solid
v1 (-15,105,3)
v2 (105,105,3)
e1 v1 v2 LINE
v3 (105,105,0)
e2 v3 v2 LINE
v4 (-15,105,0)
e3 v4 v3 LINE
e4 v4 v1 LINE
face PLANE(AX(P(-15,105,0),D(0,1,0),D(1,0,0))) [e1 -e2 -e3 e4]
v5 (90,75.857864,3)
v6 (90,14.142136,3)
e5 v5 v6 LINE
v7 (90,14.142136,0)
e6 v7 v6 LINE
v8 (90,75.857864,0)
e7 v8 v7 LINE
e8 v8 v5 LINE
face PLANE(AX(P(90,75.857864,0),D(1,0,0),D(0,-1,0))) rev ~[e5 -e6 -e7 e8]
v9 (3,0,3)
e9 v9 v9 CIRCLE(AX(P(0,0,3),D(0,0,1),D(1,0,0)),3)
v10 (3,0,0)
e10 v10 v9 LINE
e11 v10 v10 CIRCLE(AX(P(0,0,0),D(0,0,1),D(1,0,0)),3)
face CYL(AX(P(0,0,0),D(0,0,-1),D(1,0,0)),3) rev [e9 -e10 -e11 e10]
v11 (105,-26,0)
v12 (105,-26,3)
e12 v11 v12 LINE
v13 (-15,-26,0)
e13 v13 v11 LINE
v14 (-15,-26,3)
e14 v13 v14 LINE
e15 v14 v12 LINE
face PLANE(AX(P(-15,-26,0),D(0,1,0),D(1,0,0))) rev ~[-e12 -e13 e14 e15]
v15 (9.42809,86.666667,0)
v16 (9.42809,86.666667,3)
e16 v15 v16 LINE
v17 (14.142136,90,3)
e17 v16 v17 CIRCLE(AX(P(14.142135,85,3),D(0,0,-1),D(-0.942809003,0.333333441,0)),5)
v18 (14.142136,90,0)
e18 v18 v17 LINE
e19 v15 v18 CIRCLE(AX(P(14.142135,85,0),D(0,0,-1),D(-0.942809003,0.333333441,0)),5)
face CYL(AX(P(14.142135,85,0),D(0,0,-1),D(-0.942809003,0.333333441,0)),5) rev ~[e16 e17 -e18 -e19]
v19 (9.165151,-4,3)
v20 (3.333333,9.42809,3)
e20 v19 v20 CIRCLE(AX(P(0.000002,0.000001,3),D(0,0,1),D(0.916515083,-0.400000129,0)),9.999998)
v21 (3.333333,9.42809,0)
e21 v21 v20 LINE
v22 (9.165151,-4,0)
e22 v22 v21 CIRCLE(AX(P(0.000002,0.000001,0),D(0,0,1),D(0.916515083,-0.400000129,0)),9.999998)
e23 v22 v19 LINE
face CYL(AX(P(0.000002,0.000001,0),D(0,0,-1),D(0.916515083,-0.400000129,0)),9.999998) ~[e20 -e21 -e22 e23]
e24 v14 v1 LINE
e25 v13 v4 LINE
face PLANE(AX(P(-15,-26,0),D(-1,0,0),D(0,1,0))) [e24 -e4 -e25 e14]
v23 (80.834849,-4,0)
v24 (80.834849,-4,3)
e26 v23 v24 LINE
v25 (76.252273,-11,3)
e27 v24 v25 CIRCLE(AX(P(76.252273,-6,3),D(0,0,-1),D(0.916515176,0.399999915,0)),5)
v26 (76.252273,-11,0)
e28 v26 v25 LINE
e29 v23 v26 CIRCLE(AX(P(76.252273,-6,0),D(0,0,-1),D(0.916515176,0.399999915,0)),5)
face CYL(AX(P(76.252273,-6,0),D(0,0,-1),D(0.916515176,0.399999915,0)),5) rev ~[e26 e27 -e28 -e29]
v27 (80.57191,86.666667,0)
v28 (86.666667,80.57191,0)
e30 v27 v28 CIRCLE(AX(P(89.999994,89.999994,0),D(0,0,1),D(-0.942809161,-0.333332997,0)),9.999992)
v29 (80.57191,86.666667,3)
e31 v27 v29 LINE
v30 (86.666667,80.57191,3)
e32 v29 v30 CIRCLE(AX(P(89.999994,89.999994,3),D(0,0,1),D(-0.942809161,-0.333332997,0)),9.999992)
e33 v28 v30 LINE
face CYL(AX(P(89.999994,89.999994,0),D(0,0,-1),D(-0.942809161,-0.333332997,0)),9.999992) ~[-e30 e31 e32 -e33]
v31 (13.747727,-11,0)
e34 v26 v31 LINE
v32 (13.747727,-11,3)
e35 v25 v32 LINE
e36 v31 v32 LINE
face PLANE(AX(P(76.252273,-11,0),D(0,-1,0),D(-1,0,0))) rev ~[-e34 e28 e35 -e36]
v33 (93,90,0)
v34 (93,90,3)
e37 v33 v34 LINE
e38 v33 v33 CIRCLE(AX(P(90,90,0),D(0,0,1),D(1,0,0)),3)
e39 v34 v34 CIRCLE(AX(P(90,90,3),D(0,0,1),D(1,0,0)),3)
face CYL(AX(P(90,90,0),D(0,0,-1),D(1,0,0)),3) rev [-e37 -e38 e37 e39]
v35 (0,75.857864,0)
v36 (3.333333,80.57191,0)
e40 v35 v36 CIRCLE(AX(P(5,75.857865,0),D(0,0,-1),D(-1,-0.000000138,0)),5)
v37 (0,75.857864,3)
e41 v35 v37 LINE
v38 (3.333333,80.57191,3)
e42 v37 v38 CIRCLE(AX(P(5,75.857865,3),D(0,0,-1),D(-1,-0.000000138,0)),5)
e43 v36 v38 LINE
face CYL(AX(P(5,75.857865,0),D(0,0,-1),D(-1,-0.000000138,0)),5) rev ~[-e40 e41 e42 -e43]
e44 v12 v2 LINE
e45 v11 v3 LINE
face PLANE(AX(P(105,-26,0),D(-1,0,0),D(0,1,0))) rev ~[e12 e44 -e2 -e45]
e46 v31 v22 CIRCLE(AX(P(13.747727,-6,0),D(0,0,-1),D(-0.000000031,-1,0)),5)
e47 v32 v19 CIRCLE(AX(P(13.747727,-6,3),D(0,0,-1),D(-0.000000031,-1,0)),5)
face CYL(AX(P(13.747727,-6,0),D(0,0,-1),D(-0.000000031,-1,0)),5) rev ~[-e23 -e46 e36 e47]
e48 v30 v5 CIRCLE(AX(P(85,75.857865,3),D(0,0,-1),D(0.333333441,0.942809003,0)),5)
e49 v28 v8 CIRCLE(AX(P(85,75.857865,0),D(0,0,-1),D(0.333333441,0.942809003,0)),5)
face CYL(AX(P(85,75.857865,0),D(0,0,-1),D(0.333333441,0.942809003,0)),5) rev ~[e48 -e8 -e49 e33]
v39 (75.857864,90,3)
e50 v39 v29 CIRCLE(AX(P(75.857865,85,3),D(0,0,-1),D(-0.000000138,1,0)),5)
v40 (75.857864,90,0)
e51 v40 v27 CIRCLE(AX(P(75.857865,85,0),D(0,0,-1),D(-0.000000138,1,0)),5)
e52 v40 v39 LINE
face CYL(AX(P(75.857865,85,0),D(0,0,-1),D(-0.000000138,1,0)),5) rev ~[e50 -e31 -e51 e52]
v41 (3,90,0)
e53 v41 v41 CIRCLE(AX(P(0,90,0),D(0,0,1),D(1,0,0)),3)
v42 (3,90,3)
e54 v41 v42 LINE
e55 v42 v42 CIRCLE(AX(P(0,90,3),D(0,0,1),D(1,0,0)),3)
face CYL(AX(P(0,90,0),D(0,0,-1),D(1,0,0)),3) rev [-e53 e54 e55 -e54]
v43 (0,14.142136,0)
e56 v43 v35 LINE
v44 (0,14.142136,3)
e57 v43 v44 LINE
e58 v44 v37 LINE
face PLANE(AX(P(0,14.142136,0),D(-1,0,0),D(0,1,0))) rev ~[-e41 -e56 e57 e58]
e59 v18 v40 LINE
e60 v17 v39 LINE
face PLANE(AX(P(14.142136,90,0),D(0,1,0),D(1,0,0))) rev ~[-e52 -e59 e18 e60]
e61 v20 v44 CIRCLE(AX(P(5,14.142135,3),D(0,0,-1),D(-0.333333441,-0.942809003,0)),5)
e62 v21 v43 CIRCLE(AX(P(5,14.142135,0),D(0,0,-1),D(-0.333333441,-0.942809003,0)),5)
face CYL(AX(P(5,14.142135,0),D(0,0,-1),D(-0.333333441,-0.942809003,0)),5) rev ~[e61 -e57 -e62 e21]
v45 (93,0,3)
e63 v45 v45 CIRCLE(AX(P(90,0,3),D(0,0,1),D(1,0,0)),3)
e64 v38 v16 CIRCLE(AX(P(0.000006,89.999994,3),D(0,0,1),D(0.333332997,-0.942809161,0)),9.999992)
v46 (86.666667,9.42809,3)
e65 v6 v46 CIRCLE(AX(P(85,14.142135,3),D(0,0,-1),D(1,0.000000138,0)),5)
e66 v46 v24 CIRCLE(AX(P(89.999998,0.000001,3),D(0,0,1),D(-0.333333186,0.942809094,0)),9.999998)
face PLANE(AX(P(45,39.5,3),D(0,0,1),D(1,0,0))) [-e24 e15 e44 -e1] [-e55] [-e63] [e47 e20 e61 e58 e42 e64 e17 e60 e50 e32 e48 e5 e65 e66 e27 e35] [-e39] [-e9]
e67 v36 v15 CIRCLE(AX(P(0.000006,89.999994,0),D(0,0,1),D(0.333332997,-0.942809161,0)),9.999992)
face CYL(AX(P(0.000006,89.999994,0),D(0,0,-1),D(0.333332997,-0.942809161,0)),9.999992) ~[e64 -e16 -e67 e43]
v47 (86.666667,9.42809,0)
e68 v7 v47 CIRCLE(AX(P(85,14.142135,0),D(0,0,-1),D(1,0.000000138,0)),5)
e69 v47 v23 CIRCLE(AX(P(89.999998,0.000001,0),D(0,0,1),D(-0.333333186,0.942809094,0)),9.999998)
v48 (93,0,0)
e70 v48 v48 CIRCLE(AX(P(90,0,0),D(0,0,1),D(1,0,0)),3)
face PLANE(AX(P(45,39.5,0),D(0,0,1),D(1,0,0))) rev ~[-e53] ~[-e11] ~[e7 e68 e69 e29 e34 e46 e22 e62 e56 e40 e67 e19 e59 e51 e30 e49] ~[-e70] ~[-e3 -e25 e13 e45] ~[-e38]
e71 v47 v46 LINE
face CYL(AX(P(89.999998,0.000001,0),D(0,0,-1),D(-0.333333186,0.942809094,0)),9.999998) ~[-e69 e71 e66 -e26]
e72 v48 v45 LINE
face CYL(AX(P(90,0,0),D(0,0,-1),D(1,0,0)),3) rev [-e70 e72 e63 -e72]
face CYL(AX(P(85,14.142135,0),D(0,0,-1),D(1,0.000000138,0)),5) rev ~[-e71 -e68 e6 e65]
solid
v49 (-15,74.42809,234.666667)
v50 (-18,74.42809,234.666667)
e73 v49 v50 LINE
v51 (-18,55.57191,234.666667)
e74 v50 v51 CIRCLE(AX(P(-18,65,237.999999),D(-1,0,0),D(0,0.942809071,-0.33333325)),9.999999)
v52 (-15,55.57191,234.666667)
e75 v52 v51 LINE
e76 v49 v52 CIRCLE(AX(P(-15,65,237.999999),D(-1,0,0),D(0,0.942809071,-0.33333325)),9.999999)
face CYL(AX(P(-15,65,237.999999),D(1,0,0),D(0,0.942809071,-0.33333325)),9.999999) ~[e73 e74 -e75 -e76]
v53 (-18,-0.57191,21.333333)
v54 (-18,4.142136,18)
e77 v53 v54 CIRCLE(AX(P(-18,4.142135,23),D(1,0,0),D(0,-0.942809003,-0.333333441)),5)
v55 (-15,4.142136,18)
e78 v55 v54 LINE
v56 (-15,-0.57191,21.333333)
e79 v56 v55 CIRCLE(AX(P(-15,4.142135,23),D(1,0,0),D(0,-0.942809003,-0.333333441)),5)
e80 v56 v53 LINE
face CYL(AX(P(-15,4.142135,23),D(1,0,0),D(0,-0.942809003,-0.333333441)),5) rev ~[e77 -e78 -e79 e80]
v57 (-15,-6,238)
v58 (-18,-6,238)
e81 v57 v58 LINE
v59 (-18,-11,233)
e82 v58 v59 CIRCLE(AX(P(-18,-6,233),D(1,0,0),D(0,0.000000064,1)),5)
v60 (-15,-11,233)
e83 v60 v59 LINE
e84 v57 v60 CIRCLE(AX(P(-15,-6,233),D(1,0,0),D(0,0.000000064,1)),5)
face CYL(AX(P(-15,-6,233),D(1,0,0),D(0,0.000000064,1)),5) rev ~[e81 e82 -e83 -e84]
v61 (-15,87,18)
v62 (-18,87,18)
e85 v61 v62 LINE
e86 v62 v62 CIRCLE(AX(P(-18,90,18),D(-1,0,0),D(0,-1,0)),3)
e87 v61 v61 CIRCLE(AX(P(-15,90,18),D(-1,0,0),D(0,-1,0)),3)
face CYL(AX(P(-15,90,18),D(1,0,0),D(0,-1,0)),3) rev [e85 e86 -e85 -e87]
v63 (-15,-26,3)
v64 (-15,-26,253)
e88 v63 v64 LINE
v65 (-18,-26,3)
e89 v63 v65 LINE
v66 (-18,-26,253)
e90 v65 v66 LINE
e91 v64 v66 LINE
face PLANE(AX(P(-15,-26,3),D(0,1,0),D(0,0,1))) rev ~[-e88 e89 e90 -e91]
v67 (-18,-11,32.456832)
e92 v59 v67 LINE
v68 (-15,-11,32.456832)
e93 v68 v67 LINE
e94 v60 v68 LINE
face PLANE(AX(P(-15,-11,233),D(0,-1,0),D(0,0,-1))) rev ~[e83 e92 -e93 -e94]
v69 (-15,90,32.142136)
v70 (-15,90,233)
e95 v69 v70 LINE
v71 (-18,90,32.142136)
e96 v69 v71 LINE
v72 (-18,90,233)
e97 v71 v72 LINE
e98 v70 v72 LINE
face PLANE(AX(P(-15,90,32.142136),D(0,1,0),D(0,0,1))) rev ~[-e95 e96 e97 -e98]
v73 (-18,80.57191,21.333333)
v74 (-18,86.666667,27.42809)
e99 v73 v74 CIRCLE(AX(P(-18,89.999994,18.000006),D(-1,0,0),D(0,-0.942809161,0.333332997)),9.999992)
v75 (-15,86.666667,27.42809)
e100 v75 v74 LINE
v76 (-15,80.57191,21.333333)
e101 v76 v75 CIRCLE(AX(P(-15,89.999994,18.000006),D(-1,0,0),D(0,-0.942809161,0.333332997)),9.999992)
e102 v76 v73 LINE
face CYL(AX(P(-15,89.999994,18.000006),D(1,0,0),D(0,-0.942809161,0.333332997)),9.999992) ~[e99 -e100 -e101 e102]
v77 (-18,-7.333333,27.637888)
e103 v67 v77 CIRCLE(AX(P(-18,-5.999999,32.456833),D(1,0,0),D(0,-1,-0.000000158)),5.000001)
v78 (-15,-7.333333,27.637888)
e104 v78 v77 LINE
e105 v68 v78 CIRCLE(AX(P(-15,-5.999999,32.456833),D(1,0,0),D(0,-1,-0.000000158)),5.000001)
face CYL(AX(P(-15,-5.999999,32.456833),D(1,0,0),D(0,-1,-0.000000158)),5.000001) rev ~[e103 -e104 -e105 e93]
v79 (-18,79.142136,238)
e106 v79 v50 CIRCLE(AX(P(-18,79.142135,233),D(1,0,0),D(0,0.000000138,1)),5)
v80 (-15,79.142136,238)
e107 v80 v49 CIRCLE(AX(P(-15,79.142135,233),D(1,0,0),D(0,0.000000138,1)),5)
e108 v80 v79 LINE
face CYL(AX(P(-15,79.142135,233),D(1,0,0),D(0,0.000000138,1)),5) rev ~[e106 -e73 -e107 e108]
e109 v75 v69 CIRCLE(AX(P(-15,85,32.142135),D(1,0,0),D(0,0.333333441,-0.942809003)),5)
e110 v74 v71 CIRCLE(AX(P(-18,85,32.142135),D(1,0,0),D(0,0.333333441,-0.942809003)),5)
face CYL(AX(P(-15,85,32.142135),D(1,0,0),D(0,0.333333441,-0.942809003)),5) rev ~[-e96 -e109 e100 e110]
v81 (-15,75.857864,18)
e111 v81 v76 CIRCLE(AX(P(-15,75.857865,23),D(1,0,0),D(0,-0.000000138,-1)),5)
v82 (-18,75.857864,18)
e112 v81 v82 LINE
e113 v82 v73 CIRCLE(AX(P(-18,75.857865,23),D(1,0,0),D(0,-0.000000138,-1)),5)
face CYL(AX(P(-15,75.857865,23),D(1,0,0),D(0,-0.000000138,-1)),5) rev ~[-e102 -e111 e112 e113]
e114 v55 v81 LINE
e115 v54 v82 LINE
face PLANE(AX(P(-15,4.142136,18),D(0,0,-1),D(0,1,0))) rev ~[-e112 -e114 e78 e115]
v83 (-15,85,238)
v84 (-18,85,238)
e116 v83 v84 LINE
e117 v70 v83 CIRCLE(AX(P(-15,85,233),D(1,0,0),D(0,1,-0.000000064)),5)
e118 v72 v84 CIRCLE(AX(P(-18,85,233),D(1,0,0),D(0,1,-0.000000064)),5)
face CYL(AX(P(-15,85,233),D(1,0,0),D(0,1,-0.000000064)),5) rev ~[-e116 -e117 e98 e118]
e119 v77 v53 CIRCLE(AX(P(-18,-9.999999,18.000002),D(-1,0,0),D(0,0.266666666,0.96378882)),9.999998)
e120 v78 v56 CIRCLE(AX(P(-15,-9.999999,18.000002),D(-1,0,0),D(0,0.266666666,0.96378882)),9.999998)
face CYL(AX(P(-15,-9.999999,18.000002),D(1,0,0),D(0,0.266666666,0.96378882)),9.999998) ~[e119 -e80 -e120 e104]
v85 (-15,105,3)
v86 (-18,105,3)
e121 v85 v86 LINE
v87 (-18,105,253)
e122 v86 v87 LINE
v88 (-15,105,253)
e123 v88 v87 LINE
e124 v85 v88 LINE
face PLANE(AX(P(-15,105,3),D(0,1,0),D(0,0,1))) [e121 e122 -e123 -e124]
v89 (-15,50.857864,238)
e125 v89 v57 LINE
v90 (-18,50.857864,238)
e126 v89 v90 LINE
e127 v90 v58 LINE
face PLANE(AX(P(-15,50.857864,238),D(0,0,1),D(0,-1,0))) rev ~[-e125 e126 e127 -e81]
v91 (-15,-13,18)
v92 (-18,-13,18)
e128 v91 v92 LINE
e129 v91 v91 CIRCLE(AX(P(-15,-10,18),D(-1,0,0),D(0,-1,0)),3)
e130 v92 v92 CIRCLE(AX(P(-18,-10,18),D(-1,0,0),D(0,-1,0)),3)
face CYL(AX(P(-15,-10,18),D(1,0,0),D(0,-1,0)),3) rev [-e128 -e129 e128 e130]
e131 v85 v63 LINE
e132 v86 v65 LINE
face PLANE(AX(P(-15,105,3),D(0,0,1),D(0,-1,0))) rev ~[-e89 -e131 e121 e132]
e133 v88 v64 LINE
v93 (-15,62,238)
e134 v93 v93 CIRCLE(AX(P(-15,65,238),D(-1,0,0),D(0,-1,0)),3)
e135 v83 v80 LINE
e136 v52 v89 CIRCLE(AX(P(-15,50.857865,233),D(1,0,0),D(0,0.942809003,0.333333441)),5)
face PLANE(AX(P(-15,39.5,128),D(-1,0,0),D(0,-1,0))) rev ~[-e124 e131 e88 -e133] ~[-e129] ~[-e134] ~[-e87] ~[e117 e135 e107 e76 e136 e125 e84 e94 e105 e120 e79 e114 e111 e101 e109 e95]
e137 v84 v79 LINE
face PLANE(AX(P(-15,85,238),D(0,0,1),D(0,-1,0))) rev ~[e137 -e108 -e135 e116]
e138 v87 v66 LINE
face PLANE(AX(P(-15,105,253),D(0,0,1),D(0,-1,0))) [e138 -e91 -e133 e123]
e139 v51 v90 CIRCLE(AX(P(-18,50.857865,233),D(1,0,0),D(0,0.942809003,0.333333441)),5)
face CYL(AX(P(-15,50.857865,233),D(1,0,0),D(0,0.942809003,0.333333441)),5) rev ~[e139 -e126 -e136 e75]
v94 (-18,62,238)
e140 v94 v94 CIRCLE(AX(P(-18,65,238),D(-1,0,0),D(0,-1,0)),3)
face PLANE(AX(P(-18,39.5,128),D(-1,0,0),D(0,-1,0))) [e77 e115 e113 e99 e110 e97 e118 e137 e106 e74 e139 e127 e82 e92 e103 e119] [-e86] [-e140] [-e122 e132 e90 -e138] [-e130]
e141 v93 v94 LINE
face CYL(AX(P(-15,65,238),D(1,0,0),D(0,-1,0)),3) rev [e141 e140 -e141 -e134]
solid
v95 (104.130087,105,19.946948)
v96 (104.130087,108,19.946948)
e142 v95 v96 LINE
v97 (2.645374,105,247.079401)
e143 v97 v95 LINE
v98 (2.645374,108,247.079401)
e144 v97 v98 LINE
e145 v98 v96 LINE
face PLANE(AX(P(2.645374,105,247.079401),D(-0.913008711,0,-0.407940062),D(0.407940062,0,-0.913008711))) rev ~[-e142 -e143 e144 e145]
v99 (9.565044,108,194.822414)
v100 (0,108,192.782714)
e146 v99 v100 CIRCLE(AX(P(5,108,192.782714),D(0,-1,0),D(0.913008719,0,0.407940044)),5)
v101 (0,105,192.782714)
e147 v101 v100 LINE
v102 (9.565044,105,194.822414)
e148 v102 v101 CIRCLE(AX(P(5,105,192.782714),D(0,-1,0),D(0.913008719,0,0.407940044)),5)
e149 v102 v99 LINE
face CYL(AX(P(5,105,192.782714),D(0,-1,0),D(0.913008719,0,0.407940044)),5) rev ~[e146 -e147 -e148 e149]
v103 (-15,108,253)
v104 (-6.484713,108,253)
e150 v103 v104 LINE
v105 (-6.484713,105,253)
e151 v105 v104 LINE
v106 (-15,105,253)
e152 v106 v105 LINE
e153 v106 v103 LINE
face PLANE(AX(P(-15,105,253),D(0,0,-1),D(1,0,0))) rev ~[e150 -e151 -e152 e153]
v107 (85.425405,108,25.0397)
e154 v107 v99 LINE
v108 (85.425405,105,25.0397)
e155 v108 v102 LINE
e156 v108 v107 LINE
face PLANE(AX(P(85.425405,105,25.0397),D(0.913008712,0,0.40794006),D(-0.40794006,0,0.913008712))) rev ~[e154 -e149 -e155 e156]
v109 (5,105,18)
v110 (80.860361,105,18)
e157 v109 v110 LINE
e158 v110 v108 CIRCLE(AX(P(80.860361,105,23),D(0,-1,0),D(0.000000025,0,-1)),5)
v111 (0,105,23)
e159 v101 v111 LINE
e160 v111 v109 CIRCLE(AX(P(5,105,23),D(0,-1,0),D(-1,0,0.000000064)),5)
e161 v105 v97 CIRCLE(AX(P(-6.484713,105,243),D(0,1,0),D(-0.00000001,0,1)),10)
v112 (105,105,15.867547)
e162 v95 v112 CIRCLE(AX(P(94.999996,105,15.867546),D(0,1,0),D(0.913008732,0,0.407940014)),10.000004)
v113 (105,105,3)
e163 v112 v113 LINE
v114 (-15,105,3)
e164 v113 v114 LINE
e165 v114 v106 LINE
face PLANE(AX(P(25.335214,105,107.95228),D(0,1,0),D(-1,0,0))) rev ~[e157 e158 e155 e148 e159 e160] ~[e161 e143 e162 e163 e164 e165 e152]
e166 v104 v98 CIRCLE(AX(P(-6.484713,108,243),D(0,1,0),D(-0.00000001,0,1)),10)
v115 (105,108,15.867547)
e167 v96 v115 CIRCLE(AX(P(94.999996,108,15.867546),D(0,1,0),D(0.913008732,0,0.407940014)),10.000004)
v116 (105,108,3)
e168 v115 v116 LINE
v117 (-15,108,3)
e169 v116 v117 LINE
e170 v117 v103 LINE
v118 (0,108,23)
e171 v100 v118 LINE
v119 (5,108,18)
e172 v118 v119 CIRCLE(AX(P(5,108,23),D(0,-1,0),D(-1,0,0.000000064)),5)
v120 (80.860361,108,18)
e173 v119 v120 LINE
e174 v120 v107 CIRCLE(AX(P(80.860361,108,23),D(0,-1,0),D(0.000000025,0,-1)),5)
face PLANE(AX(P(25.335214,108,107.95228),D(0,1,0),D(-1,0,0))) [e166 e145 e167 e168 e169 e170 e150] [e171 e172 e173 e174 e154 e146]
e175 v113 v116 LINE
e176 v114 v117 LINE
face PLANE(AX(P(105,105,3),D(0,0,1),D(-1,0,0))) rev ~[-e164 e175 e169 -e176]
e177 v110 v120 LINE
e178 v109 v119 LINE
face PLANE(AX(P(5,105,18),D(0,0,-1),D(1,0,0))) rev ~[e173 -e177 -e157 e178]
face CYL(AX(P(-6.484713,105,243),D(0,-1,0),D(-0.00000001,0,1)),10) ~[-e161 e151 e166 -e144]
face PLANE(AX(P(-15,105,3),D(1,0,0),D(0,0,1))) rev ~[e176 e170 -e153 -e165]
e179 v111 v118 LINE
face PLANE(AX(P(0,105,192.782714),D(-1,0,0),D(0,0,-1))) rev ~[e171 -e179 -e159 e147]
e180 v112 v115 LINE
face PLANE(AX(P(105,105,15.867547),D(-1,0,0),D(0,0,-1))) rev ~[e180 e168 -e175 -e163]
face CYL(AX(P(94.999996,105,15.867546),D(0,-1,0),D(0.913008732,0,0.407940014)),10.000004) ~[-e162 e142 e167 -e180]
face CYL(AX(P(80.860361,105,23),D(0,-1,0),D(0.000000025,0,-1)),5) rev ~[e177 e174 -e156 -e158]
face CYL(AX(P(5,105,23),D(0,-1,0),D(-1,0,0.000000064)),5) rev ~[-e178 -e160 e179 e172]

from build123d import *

# Parameters (mm, degrees)
F0_W     = 120
F0_H     = 131
F0_R     = 3
F1_DEPTH = 3
F2_W     = 131
F2_H     = 250
F2_R     = 3
F3_DEPTH = 3
F5_DEPTH = 3


with BuildPart() as f1:
    # F0 (on Top) → F1 (new body)
    with BuildSketch(Plane.XY):
        with Locations((45, 39.5)):
            Rectangle(F0_W, F0_H)
        Circle(F0_R, mode=Mode.SUBTRACT)
        with Locations((90, 0)):
            Circle(F0_R, mode=Mode.SUBTRACT)
        with BuildLine():
            ThreePointArc((0, 75.857864), (0.917517, 78.744616), (3.333333, 80.57191))
            ThreePointArc((3.333333, 80.57191), (7.071068, 82.928932), (9.42809, 86.666667))
            ThreePointArc((9.42809, 86.666667), (11.255384, 89.082483), (14.142136, 90))
            Line((14.142136, 90), (75.857864, 90))
            ThreePointArc((75.857864, 90), (78.744616, 89.082483), (80.57191, 86.666667))
            ThreePointArc((80.57191, 86.666667), (82.928932, 82.928932), (86.666667, 80.57191))
            ThreePointArc((86.666667, 80.57191), (89.082483, 78.744616), (90, 75.857864))
            Line((90, 75.857864), (90, 14.142136))
            ThreePointArc((90, 14.142136), (89.082483, 11.255384), (86.666667, 9.42809))
            ThreePointArc((86.666667, 9.42809), (80.827681, 3.983537), (80.834849, -4))
            ThreePointArc((80.834849, -4), (80.435573, -8.738613), (76.252273, -11))
            Line((76.252273, -11), (13.747727, -11))
            ThreePointArc((13.747727, -11), (9.564427, -8.738613), (9.165151, -4))
            ThreePointArc((9.165151, -4), (9.172319, 3.983537), (3.333333, 9.42809))
            ThreePointArc((3.333333, 9.42809), (0.917517, 11.255384), (0, 14.142136))
            Line((0, 14.142136), (0, 75.857864))
        make_face(mode=Mode.SUBTRACT)
        with Locations((0, 90)):
            Circle(F0_R, mode=Mode.SUBTRACT)
        with Locations((90, 90)):
            Circle(F0_R, mode=Mode.SUBTRACT)
    extrude(amount=F1_DEPTH)


with BuildPart() as f3:
    # F2 (on face) → F3 (new body)
    with BuildSketch(Plane(origin=(-15, 0, 0), x_dir=(0, -1, 0), z_dir=(-1, 0, 0))):
        with Locations((-39.5, 128)):
            Rectangle(F2_W, F2_H)
        with Locations((-90, 18)):
            Circle(F2_R, mode=Mode.SUBTRACT)
        with Locations((10, 18)):
            Circle(F2_R, mode=Mode.SUBTRACT)
        with Locations((-65, 238)):
            Circle(F2_R, mode=Mode.SUBTRACT)
        with BuildLine():
            ThreePointArc((-79.142136, 238), (-76.255384, 237.082483), (-74.42809, 234.666667))
            ThreePointArc((-74.42809, 234.666667), (-65, 228), (-55.57191, 234.666667))
            ThreePointArc((-55.57191, 234.666667), (-53.744616, 237.082483), (-50.857864, 238))
            Line((-50.857864, 238), (6, 238))
            ThreePointArc((6, 238), (9.535534, 236.535534), (11, 233))
            Line((11, 233), (11, 32.456832))
            ThreePointArc((11, 32.456832), (9.979112, 29.429182), (7.333333, 27.637888))
            ThreePointArc((7.333333, 27.637888), (3.180349, 25.313847), (0.57191, 21.333333))
            ThreePointArc((0.57191, 21.333333), (-1.255384, 18.917517), (-4.142136, 18))
            Line((-4.142136, 18), (-75.857864, 18))
            ThreePointArc((-75.857864, 18), (-78.744616, 18.917517), (-80.57191, 21.333333))
            ThreePointArc((-80.57191, 21.333333), (-82.928932, 25.071068), (-86.666667, 27.42809))
            ThreePointArc((-86.666667, 27.42809), (-89.082483, 29.255384), (-90, 32.142136))
            Line((-90, 32.142136), (-90, 233))
            ThreePointArc((-90, 233), (-88.535534, 236.535534), (-85, 238))
            Line((-85, 238), (-79.142136, 238))
        make_face(mode=Mode.SUBTRACT)
    extrude(amount=F3_DEPTH)


with BuildPart() as f5:
    # F4 (on face) → F5 (new body)
    with BuildSketch(Plane(origin=(0, 105, 0), x_dir=(-1, 0, 0), z_dir=(0, 1, 0))):
        with BuildLine():
            Line((-105, 3), (15, 3))
            Line((15, 3), (15, 253))
            Line((15, 253), (6.484713, 253))
            ThreePointArc((6.484713, 253), (1.043849, 251.390292), (-2.645374, 247.079401))
            Line((-2.645374, 247.079401), (-104.130087, 19.946948))
            ThreePointArc((-104.130087, 19.946948), (-104.780104, 17.953108), (-105, 15.867547))
            Line((-105, 15.867547), (-105, 3))
        make_face()
        with BuildLine():
            ThreePointArc((-9.565044, 194.822414), (-3.95722, 197.672766), (0, 192.782714))
            Line((0, 192.782714), (0, 23))
            ThreePointArc((0, 23), (-1.464466, 19.464466), (-5, 18))
            Line((-5, 18), (-80.860361, 18))
            ThreePointArc((-80.860361, 18), (-85.055507, 20.279568), (-85.425405, 25.0397))
            Line((-85.425405, 25.0397), (-9.565044, 194.822414))
        make_face(mode=Mode.SUBTRACT)
    extrude(amount=F5_DEPTH)


solid = Compound([f1.part, f3.part, f5.part])
